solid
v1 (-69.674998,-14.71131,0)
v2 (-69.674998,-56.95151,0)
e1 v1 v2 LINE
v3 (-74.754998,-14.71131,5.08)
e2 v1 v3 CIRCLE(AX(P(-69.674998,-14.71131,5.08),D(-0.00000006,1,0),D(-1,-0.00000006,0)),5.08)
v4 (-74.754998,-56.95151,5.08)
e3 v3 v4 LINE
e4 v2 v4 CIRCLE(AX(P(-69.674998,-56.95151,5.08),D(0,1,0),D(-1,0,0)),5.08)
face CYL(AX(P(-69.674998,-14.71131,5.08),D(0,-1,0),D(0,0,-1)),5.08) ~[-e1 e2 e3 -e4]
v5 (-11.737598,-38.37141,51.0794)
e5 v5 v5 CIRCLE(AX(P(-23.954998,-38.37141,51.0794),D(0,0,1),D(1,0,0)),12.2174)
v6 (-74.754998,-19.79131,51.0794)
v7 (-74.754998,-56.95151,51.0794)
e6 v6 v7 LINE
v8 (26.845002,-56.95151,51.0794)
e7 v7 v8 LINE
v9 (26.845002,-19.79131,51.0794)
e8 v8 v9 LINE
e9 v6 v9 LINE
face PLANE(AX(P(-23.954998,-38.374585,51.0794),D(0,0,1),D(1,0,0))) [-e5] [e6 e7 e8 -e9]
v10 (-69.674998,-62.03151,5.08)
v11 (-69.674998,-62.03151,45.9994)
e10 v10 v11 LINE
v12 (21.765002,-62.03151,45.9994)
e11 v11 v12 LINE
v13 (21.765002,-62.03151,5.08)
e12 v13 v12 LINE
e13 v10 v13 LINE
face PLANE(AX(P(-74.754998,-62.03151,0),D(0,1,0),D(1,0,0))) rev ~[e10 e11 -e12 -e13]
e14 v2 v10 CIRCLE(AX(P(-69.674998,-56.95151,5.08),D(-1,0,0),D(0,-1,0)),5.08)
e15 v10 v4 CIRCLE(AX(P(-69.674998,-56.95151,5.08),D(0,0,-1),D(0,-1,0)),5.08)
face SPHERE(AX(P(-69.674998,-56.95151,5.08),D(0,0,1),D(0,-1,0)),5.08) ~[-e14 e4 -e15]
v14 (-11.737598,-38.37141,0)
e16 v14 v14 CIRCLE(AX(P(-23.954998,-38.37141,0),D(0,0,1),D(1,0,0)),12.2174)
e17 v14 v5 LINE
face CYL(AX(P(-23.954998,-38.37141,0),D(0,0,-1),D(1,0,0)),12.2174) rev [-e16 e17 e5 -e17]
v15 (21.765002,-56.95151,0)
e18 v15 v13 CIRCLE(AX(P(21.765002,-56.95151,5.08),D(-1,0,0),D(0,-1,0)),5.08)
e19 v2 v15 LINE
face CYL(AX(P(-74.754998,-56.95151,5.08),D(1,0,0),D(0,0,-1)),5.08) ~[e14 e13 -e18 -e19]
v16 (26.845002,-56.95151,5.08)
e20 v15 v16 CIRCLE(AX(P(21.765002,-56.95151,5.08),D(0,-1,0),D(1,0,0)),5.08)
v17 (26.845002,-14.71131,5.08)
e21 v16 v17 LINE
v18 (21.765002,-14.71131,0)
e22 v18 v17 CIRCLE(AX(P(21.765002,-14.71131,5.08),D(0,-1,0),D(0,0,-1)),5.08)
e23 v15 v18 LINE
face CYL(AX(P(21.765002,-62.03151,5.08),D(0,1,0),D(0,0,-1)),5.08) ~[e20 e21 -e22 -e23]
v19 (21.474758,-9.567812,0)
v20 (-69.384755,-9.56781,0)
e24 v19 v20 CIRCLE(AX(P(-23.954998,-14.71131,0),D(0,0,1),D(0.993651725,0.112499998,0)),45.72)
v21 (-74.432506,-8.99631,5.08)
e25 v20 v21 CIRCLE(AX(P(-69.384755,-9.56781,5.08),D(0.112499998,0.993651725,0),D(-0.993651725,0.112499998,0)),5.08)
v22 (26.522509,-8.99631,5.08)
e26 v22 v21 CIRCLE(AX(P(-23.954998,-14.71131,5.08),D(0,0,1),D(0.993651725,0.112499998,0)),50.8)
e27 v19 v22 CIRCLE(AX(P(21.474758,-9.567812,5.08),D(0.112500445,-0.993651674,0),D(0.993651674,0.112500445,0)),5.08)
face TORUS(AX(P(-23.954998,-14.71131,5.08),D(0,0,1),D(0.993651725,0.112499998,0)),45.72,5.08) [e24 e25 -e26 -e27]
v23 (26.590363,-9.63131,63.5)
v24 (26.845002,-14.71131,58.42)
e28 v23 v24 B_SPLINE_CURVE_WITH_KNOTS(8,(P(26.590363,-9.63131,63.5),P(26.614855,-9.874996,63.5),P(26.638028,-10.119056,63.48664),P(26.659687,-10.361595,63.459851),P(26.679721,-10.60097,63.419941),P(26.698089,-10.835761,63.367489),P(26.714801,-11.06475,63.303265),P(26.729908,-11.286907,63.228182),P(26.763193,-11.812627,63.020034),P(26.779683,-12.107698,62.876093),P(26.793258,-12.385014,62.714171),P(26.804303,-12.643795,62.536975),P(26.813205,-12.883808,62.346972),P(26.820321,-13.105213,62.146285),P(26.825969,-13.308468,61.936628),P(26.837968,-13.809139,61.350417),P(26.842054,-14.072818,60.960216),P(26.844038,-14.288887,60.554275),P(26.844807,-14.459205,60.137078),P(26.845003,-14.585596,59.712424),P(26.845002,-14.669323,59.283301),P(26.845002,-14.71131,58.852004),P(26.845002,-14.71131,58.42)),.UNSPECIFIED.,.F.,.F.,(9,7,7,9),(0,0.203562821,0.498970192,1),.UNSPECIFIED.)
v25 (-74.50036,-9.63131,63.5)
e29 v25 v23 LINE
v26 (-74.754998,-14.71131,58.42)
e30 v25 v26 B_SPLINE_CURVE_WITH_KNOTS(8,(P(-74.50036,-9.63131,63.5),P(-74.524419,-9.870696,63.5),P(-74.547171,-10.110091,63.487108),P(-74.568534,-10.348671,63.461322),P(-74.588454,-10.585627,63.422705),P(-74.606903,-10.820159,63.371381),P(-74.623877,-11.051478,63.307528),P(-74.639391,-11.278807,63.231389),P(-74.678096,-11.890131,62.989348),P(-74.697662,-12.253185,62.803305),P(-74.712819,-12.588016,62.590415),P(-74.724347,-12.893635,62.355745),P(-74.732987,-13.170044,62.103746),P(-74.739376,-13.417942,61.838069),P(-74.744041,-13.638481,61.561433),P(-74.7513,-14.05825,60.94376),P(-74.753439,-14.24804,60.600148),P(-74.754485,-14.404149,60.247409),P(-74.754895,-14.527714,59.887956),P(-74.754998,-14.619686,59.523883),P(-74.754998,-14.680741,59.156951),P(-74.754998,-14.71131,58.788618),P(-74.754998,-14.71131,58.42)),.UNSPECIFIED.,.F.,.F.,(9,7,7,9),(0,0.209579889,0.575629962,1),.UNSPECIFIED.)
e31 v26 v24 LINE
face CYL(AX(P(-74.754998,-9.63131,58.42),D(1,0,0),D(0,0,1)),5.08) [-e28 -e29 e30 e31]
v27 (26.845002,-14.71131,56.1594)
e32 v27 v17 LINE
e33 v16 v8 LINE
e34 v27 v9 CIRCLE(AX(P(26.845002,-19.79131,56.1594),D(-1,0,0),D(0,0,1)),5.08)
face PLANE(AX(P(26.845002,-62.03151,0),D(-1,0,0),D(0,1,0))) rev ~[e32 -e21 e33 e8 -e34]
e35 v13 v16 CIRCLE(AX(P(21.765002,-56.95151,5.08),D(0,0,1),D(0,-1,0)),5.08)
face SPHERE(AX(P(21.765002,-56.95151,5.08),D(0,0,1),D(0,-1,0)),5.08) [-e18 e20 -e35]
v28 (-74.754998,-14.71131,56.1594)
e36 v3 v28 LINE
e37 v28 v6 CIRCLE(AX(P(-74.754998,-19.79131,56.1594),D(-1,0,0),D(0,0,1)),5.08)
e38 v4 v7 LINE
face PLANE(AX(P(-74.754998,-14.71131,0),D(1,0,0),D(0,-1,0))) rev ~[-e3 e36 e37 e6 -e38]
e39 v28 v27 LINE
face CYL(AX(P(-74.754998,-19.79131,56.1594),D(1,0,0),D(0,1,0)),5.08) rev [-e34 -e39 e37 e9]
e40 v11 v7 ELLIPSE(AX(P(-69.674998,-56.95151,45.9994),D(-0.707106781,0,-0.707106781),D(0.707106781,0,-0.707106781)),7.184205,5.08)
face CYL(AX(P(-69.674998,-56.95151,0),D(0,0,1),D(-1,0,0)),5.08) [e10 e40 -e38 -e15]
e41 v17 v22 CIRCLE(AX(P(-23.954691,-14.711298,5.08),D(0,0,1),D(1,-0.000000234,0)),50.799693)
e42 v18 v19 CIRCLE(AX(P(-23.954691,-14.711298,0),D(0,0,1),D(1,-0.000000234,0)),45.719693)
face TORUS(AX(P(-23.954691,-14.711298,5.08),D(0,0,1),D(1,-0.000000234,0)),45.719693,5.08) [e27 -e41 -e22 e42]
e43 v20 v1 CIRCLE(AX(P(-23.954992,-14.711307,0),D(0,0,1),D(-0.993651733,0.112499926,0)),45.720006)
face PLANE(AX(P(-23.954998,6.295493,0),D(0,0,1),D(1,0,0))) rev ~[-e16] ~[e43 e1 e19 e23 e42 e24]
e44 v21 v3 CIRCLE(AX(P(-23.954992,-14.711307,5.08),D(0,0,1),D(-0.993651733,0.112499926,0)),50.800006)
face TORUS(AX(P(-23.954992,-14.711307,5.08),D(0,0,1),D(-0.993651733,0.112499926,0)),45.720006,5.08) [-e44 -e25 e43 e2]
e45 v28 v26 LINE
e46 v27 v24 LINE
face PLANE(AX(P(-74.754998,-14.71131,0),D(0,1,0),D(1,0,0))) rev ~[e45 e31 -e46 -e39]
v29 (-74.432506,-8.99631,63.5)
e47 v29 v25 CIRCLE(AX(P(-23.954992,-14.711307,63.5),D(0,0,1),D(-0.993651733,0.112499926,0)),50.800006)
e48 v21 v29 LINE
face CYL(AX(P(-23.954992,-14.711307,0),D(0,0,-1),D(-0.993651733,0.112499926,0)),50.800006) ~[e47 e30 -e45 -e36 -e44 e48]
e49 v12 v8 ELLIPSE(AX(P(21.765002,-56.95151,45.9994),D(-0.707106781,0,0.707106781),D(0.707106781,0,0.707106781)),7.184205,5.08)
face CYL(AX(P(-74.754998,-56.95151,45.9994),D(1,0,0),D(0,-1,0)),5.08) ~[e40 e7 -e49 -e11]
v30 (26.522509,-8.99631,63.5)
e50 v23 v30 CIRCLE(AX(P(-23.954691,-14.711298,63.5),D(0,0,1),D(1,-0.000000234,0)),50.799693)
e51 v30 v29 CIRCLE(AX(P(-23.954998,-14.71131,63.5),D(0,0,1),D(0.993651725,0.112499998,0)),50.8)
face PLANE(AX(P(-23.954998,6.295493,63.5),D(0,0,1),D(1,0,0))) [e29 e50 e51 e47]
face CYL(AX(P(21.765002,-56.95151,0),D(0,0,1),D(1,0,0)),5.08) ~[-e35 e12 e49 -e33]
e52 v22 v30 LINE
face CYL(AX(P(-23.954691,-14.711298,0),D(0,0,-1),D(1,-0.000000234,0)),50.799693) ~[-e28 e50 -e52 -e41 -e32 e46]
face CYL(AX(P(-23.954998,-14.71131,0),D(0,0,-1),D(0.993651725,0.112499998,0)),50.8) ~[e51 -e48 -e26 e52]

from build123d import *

# Parameters (mm, degrees)
F0_W     = 101.6
F0_H     = 35.88385
F0_R     = 12.2174
F0_H_2   = 5.72135
F0_H_3   = 5.715
F1_DEPTH = 51.0794
F2_DEPTH = 63.5
F3_R     = 5.08


with BuildPart() as f1:
    # F0 (on Top) → F1 (new body)
    with BuildSketch(Plane.XY):
        with Locations((-23.954998, -38.374585)):
            Rectangle(F0_W, F0_H)
        with Locations((-23.954998, -38.37141)):
            Circle(F0_R, mode=Mode.SUBTRACT)
        with Locations((-23.954998, -17.571985)):
            Rectangle(F0_W, F0_H_2)
        with Locations((-23.954998, -59.17401)):
            Rectangle(F0_W, F0_H_3)
    extrude(amount=F1_DEPTH)

    # F0 (on Top) → F2 (join)
    with BuildSketch(Plane.XY):
        with BuildLine():
            ThreePointArc((26.522509, -8.99631), (-23.954998, 36.08869), (-74.432506, -8.99631))
            Line((-74.432506, -8.99631), (26.522509, -8.99631))
        make_face()
        with BuildLine():
            ThreePointArc((-74.432506, -8.99631), (-74.674311, -11.849264), (-74.754998, -14.71131))
            Line((-74.754998, -14.71131), (26.845002, -14.71131))
            ThreePointArc((26.845002, -14.71131), (26.764315, -11.849264), (26.522509, -8.99631))
            Line((26.522509, -8.99631), (-74.432506, -8.99631))
        make_face()
    extrude(amount=F2_DEPTH)

    # F3
    f3_edges = [f1.edges().sort_by_distance(p)[0] for p in [
        (-23.954998, -62.03151, 51.0794),
        (-23.954998, -14.71131, 51.0794),
        (-23.954998, -14.71131, 63.5),
        (26.845002, -62.03151, 25.5397),
        (-74.754998, -62.03151, 25.5397),
        (-23.954998, -62.03151, 0),
        (26.845002, -38.37141, 0),
    ]]
    fillet(f3_edges, radius=F3_R)


solid = f1.part
